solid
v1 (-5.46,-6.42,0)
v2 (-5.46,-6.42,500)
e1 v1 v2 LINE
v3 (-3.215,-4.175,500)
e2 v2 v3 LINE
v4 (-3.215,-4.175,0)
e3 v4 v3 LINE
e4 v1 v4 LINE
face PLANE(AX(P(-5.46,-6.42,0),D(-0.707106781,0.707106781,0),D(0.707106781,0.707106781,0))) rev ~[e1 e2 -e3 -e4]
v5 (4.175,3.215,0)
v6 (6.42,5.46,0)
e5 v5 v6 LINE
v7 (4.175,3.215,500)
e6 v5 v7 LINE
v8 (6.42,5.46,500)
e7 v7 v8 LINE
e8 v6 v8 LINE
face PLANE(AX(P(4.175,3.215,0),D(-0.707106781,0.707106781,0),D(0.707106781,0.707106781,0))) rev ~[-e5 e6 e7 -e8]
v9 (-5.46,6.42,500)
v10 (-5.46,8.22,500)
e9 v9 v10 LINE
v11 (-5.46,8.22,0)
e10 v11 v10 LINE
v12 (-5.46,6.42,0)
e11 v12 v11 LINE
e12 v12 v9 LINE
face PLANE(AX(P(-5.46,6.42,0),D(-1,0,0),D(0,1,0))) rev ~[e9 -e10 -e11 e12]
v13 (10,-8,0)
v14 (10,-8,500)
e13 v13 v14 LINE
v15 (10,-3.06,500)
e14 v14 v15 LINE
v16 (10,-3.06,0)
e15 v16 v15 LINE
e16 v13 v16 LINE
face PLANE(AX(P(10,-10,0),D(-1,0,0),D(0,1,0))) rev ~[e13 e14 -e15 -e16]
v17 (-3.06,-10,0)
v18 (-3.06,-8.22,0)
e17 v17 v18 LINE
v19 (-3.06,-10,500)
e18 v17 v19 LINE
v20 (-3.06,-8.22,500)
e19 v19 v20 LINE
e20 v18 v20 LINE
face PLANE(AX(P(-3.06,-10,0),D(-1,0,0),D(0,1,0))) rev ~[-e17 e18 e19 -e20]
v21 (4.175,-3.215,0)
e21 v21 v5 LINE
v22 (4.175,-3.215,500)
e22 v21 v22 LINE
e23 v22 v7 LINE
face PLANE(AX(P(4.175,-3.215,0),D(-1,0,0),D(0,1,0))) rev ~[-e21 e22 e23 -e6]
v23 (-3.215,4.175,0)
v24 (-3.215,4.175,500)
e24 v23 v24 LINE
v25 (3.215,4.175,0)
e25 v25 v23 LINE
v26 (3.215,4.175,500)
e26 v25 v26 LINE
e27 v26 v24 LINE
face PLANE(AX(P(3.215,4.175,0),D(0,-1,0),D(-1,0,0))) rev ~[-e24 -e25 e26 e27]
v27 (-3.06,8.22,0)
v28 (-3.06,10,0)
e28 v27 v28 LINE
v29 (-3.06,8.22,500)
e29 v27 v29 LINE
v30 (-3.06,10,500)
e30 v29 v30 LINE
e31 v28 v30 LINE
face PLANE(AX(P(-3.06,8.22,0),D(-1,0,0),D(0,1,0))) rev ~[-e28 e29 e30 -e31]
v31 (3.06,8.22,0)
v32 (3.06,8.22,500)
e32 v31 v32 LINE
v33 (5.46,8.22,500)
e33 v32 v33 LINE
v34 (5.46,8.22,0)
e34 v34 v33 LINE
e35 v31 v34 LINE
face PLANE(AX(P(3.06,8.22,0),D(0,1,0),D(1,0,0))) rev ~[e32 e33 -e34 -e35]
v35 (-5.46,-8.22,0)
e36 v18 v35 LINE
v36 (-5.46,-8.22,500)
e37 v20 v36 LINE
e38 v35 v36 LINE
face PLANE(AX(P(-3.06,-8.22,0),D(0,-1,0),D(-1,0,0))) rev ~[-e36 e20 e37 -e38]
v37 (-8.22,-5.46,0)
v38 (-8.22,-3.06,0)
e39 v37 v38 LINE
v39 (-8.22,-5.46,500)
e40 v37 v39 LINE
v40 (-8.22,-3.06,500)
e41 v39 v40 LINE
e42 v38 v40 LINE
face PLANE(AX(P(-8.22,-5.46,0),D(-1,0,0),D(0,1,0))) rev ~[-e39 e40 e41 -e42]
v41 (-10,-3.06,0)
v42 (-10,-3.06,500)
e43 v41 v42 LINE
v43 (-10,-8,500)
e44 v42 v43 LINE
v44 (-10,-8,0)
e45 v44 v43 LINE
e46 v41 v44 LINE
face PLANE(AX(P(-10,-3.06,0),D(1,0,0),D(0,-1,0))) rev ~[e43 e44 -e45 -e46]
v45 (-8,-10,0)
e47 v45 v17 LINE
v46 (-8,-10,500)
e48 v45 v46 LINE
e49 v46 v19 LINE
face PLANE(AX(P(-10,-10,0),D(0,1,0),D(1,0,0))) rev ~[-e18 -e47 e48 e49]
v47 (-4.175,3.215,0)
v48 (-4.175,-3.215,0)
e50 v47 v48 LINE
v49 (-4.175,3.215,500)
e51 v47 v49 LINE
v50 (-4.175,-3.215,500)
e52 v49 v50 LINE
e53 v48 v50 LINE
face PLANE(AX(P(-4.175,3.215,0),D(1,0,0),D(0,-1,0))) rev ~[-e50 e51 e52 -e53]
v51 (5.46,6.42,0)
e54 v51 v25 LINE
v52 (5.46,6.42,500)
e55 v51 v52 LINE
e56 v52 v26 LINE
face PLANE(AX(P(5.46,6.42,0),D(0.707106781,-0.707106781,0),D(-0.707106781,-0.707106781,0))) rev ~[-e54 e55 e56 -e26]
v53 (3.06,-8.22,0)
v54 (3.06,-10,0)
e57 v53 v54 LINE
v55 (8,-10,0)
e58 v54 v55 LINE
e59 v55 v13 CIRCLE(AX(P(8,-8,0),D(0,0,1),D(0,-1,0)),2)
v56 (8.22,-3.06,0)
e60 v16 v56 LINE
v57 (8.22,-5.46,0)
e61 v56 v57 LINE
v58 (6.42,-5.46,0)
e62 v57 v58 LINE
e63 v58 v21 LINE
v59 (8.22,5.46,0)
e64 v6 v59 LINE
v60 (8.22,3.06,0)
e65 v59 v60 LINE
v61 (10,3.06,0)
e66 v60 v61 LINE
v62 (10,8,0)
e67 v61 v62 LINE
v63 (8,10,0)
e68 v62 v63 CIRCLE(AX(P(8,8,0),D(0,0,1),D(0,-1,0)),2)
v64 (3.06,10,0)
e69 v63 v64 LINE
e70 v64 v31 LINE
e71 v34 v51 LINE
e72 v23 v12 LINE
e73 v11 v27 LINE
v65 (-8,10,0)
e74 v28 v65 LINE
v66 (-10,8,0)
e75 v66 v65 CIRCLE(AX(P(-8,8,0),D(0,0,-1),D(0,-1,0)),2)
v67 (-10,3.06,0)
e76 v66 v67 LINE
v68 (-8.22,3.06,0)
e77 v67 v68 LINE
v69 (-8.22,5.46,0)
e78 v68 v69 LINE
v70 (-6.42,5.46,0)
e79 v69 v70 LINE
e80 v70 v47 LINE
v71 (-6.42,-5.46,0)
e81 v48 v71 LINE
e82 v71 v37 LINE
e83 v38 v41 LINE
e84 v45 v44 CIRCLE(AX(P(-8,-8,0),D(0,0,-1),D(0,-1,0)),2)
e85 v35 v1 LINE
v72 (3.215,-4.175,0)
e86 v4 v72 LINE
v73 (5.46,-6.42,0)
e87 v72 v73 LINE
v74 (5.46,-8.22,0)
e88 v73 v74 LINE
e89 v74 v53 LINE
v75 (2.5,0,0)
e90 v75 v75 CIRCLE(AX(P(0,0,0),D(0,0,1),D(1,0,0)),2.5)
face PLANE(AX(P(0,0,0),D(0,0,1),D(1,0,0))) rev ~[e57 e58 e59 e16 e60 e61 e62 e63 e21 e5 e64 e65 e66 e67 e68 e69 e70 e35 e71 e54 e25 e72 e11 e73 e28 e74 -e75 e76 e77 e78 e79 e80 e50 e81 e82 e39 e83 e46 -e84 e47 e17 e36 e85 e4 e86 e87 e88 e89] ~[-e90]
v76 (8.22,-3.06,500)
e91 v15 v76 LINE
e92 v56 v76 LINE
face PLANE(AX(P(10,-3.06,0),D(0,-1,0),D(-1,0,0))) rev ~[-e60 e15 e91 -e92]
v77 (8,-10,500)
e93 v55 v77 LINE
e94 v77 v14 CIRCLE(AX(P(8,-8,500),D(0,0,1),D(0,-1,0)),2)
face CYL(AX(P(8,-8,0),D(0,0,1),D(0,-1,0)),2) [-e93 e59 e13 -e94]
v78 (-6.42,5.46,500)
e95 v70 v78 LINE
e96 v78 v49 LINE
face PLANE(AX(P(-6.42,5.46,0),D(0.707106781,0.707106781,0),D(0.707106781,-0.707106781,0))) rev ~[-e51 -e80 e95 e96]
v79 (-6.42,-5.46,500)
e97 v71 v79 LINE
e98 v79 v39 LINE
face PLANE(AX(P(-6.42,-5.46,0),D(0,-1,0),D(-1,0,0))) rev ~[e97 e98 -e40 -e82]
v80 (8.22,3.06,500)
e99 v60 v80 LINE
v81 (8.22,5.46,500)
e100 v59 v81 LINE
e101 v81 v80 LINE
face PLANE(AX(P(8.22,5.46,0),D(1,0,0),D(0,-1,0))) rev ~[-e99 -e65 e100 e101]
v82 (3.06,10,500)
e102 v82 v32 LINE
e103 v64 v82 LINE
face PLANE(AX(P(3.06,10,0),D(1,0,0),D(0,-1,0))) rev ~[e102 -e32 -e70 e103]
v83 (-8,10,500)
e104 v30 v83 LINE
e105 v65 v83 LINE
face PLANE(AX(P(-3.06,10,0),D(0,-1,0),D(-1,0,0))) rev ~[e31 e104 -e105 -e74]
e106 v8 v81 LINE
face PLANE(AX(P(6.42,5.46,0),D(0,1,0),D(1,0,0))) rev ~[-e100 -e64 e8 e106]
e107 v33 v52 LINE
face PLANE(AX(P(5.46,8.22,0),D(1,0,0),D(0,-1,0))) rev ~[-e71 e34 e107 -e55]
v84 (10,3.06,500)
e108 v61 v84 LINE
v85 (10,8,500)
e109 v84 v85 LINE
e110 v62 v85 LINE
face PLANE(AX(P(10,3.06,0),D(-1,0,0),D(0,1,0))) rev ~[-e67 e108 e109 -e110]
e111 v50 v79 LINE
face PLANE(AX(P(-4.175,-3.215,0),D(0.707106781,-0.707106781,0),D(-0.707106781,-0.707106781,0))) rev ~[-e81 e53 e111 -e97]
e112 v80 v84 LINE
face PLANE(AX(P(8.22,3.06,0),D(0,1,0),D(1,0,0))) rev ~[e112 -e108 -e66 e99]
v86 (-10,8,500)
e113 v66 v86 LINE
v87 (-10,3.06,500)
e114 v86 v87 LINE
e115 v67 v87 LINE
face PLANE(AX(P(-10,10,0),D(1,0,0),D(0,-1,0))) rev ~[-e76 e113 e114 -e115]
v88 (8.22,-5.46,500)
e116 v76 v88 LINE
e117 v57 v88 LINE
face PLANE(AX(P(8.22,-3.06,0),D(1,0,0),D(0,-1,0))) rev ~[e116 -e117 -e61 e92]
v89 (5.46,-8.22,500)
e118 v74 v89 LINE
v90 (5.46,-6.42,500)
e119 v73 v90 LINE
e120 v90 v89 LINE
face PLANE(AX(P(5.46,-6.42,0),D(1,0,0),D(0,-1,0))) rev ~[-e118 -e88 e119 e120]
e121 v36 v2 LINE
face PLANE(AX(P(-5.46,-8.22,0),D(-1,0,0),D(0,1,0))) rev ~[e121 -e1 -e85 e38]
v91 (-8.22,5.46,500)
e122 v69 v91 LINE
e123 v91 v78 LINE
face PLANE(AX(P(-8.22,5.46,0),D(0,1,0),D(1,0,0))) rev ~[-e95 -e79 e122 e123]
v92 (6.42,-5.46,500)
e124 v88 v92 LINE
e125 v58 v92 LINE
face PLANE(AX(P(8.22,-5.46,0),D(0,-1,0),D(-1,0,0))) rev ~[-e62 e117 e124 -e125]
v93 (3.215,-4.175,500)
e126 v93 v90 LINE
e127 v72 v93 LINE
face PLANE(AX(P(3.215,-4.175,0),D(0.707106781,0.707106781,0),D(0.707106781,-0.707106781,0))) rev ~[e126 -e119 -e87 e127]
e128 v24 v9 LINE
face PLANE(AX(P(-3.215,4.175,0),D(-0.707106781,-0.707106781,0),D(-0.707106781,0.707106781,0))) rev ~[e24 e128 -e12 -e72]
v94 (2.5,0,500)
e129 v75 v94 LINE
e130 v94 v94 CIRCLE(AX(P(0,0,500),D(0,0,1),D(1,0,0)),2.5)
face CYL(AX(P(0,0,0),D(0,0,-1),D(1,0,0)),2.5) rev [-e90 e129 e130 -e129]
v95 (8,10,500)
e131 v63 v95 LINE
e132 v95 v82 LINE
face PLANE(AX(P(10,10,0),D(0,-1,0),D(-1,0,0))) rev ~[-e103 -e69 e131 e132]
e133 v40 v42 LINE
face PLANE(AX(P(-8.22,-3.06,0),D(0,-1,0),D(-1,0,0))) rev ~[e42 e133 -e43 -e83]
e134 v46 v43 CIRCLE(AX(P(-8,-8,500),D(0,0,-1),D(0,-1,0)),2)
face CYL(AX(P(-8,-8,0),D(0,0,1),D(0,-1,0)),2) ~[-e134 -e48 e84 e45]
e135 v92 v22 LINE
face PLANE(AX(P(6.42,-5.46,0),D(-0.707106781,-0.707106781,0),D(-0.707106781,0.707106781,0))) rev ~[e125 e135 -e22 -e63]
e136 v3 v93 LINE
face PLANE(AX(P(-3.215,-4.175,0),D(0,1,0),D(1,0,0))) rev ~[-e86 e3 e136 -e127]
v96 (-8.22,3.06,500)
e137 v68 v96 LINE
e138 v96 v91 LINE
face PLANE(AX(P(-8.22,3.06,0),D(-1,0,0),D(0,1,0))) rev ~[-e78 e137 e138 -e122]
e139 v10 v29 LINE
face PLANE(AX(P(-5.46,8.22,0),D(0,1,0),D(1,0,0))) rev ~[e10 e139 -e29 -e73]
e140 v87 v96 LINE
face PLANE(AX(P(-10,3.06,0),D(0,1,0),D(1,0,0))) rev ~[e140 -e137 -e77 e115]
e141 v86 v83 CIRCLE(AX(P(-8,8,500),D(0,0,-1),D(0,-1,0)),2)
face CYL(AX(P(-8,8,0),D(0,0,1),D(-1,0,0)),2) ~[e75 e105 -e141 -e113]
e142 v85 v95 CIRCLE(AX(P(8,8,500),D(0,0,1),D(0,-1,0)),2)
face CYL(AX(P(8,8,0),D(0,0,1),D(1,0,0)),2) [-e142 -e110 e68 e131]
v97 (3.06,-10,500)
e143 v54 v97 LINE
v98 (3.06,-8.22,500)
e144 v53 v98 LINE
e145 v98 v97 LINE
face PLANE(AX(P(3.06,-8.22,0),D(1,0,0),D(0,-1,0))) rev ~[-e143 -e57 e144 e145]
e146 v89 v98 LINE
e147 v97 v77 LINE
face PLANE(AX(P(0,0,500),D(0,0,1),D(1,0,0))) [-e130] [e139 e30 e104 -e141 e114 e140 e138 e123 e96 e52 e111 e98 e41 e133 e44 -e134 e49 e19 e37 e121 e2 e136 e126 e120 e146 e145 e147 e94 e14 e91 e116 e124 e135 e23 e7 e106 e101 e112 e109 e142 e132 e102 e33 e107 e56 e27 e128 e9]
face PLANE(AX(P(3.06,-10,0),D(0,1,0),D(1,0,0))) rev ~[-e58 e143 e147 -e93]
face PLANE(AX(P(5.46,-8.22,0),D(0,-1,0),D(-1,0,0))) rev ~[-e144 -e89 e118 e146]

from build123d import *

# Parameters (mm, degrees)
SKETCH1_R           = 2.5
BOSS_EXTRUDE1_DEPTH = 500
FILLET1_R           = 2


with BuildPart() as part:
    # Sketch1 → Boss-Extrude1 (new body)
    with BuildSketch(Plane.XY):
        Polygon((-5.46, -6.42), (-3.215, -4.175), (3.215, -4.175), (5.46, -6.42), (5.46, -8.22), (3.06, -8.22), (3.06, -10), (10, -10), (10, -3.06), (8.22, -3.06), (8.22, -5.46), (6.42, -5.46), (4.175, -3.215), (4.175, 3.215), (6.42, 5.46), (8.22, 5.46), (8.22, 3.06), (10, 3.06), (10, 10), (3.06, 10), (3.06, 8.22), (5.46, 8.22), (5.46, 6.42), (3.215, 4.175), (-3.215, 4.175), (-5.46, 6.42), (-5.46, 8.22), (-3.06, 8.22), (-3.06, 10), (-10, 10), (-10, 3.06), (-8.22, 3.06), (-8.22, 5.46), (-6.42, 5.46), (-4.175, 3.215), (-4.175, -3.215), (-6.42, -5.46), (-8.22, -5.46), (-8.22, -3.06), (-10, -3.06), (-10, -10), (-3.06, -10), (-3.06, -8.22), (-5.46, -8.22), align=None)
        Circle(SKETCH1_R, mode=Mode.SUBTRACT)
    extrude(amount=BOSS_EXTRUDE1_DEPTH)

    # Fillet1
    fillet1_edges = [part.edges().sort_by_distance(p)[0] for p in [
        (10, -10, 250),
        (-10, -10, 250),
        (-10, 10, 250),
        (10, 10, 250),
    ]]
    fillet(fillet1_edges, radius=FILLET1_R)


solid = part.part
